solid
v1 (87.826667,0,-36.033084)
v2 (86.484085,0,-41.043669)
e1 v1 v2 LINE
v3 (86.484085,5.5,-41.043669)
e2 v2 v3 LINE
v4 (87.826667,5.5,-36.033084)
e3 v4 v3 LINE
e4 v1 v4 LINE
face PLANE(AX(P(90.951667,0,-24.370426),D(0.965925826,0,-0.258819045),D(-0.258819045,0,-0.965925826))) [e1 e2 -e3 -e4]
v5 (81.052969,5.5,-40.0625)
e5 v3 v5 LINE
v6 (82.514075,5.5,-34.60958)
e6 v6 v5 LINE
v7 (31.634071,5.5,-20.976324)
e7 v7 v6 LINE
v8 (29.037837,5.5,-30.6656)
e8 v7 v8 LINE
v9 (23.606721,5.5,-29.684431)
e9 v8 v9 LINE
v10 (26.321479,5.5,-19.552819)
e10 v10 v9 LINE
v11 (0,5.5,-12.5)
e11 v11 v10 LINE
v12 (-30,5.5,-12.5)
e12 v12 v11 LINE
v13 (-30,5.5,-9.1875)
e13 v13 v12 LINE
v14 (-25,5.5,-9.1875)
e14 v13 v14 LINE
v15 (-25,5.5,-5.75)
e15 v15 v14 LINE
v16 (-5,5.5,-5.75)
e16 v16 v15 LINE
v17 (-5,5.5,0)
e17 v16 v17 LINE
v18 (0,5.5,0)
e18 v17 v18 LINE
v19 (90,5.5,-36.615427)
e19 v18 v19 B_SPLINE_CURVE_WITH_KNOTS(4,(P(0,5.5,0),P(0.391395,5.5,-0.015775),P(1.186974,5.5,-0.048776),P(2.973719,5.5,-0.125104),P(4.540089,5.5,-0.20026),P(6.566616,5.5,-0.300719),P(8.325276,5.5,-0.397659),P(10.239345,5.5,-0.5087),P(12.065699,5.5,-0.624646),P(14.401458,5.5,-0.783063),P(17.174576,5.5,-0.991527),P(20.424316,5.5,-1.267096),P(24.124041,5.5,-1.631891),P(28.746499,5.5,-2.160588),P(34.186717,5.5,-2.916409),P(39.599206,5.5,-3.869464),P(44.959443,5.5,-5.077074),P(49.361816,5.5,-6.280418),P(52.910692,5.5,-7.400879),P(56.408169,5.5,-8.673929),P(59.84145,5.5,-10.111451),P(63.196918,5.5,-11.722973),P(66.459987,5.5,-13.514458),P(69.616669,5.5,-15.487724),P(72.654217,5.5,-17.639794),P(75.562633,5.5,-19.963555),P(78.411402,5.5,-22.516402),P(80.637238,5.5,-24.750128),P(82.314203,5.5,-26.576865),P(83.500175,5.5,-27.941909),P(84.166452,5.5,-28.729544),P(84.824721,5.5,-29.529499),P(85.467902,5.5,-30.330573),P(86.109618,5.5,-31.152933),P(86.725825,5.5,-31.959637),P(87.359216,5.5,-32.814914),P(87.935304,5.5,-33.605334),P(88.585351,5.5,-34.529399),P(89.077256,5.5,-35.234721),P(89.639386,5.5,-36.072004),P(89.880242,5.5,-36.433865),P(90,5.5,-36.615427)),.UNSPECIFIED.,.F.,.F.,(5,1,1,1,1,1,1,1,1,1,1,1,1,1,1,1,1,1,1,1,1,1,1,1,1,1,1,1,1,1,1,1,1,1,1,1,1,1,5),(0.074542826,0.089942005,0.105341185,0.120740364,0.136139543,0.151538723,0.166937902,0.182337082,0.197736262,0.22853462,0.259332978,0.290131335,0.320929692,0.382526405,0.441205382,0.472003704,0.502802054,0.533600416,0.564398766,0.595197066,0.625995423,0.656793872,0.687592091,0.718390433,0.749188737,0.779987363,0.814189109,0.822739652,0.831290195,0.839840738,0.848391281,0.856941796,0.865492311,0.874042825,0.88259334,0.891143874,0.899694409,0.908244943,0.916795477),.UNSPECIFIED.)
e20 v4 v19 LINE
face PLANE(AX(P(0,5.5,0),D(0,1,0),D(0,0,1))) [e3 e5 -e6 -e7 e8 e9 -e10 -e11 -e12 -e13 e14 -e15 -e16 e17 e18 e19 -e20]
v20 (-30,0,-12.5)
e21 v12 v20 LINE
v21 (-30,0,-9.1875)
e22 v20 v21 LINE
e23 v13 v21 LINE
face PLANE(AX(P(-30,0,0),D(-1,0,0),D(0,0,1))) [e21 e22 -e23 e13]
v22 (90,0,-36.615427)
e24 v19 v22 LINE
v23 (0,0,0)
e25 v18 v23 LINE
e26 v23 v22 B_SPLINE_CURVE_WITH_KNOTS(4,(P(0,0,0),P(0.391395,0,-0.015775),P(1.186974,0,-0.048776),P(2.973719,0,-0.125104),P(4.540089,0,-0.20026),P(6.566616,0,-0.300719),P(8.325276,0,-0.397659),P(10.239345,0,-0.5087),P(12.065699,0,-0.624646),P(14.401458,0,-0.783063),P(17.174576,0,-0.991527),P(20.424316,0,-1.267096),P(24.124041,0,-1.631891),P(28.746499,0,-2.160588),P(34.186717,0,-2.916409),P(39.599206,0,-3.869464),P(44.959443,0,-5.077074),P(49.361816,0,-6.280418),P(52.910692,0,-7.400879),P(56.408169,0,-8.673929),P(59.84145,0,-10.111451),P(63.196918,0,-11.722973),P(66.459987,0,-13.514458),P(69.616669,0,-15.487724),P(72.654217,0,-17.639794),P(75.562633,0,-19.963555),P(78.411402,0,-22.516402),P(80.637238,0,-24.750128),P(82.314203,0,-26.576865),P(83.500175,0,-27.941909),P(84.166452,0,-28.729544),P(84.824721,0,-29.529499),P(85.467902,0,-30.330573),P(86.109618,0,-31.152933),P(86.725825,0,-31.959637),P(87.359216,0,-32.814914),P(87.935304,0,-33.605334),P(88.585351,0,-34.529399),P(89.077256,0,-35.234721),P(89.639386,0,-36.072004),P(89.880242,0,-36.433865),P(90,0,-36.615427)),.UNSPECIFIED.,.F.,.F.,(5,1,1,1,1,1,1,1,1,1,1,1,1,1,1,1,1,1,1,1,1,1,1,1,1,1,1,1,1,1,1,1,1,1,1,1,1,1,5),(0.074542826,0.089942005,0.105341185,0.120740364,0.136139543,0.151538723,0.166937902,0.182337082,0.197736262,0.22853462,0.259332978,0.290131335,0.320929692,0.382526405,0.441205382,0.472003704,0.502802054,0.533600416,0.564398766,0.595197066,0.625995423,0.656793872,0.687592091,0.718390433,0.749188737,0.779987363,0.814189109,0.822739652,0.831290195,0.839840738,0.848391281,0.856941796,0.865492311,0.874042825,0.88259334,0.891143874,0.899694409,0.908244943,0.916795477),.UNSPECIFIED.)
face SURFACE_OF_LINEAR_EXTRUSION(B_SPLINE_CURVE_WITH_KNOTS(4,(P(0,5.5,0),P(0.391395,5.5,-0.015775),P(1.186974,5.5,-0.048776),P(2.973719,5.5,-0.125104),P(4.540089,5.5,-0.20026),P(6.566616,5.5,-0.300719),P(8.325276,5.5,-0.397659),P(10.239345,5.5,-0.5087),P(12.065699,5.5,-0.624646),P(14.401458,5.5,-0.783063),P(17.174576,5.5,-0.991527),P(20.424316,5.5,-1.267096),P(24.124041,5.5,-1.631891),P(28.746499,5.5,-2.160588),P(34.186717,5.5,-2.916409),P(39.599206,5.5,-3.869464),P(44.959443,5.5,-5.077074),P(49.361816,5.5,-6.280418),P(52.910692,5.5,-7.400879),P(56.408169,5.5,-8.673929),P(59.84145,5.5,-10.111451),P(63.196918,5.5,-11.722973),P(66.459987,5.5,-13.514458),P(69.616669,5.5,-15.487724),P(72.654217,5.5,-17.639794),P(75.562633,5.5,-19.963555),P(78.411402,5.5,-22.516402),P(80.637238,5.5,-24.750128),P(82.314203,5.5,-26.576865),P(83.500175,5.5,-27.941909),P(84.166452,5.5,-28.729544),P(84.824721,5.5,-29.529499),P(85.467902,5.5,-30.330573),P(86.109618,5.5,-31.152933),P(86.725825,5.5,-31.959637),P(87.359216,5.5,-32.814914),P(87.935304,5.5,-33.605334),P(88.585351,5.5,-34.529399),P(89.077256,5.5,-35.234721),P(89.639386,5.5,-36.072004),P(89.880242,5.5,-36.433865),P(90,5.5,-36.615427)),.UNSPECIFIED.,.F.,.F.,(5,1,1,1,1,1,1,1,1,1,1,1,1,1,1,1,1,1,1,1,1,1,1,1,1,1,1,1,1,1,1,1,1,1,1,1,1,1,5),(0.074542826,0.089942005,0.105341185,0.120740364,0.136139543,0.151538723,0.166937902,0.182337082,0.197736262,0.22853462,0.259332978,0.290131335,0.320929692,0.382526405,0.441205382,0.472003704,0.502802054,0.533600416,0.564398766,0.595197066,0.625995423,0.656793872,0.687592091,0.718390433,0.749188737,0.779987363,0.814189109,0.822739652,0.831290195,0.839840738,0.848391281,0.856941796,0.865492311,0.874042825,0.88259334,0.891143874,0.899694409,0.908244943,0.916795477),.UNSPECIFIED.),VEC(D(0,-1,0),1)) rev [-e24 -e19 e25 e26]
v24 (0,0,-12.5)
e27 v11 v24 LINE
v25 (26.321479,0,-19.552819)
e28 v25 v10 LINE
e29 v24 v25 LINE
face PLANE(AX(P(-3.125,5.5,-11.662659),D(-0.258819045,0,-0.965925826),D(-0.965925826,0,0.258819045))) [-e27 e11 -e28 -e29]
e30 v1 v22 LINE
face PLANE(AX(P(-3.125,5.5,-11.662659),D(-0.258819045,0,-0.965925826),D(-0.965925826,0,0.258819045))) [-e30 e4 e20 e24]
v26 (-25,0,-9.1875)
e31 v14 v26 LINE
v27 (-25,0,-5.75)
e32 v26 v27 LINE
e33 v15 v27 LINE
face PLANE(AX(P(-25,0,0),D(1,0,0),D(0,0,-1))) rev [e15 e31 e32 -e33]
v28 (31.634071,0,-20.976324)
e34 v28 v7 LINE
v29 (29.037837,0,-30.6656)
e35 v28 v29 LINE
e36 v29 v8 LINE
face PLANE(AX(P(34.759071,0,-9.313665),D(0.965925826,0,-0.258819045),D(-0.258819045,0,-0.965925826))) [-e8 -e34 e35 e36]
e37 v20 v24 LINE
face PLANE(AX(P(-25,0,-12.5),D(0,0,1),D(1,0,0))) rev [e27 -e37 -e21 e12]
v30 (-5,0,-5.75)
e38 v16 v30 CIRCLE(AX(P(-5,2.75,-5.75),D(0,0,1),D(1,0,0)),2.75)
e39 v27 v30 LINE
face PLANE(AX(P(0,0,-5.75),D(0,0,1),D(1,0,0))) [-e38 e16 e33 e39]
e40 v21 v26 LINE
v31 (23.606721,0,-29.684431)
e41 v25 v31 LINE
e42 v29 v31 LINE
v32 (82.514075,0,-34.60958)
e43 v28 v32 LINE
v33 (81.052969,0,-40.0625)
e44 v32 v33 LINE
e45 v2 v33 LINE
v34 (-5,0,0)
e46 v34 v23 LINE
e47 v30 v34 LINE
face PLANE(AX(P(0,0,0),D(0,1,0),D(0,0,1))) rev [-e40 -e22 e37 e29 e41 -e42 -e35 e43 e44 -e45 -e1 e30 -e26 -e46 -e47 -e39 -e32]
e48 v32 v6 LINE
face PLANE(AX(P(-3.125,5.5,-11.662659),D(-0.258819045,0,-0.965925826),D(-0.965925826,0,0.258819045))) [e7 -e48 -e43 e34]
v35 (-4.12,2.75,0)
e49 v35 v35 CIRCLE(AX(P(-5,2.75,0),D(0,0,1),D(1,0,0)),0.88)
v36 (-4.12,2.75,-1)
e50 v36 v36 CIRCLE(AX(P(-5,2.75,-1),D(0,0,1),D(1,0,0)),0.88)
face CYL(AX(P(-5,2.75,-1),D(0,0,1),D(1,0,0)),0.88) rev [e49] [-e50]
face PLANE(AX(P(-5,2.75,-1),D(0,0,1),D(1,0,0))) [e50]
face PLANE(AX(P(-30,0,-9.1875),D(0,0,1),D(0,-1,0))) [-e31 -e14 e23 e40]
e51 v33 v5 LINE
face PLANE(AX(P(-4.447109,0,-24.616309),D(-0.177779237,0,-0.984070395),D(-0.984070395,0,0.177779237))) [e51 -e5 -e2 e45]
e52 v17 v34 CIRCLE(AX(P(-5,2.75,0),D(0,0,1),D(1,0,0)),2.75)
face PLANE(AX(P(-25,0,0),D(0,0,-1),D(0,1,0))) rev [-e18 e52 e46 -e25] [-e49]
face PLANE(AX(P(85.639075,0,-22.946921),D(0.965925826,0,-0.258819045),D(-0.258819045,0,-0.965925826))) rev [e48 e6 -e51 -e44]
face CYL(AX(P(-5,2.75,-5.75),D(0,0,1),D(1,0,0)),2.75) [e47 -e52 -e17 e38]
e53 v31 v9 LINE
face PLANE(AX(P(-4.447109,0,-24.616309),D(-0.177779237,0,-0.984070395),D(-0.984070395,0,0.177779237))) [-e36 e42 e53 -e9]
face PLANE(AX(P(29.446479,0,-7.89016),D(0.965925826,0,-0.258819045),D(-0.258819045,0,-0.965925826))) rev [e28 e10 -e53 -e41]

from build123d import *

# Parameters (mm, degrees)
SALIENTE_EXTRUIR1_DEPTH = 5.5
CROQUIS3_W              = 12.5
CROQUIS3_H              = 5.5
SALIENTE_EXTRUIR2_DEPTH = 25
CROQUIS6_R              = 0.88
CORTAR_EXTRUIR3_DEPTH   = 1
CORTAR_EXTRUIR4_DEPTH   = 5.75
CROQUIS7_W              = 3.3125
CROQUIS7_H              = 5.5
SALIENTE_EXTRUIR3_DEPTH = 5
SALIENTE_EXTRUIR6_DEPTH = 5.5


with BuildPart() as part:
    # Croquis2 → Saliente-Extruir1 (new body)
    with BuildSketch(Plane(origin=(0, 0, 0), x_dir=(1, 0, 0), z_dir=(0, 1, 0))):
        with BuildLine():
            Line((0, 0), (0, 12.5))
            Line((0, 12.5), (90, 36.615427319))
            add(Edge.make_bspline(
                [(0, 0), (0.391394635, 0.015775005), (1.186974035, 0.048775969), (2.973718865, 0.125104104), (4.540088904, 0.200260299), (6.566615662, 0.300718996), (8.325276336, 0.397659311), (10.239345298, 0.508699867), (12.06569896, 0.624646025), (14.401457649, 0.783062706), (17.174575564, 0.991527453), (20.424315772, 1.267095632), (24.124041131, 1.631890725), (28.746499447, 2.160588299), (34.186717026, 2.916408992), (39.59920567, 3.869463595), (44.959442778, 5.077074293), (49.361815827, 6.280418231), (52.910692092, 7.400878923), (56.408168852, 8.673928793), (59.841449897, 10.111450972), (63.196917977, 11.722972852), (66.459987179, 13.514457641), (69.616669404, 15.487724177), (72.654216734, 17.639793831), (75.562633469, 19.963554552), (78.411401775, 22.516402339), (80.637238299, 24.750127709), (82.31420302, 26.576865179), (83.500174761, 27.941909388), (84.166451521, 28.729544399), (84.824720597, 29.529498585), (85.467901785, 30.330572576), (86.10961807, 31.152932899), (86.725824802, 31.959637263), (87.359215775, 32.814913902), (87.935303716, 33.605334305), (88.585351463, 34.5293994), (89.07725637, 35.234721433), (89.639386065, 36.072003958), (89.880241627, 36.43386466), (90, 36.615427319)],
                knots=[0.074542826, 0.074542826, 0.074542826, 0.074542826, 0.074542826, 0.089942005, 0.105341185, 0.120740364, 0.136139543, 0.151538723, 0.166937902, 0.182337082, 0.197736262, 0.22853462, 0.259332978, 0.290131335, 0.320929692, 0.382526405, 0.441205382, 0.472003704, 0.502802054, 0.533600416, 0.564398766, 0.595197066, 0.625995423, 0.656793872, 0.687592091, 0.718390433, 0.749188737, 0.779987363, 0.814189109, 0.822739652, 0.831290195, 0.839840738, 0.848391281, 0.856941796, 0.865492311, 0.874042825, 0.88259334, 0.891143874, 0.899694409, 0.908244943, 0.916795477, 0.916795477, 0.916795477, 0.916795477, 0.916795477], degree=4))
        make_face()
    extrude(amount=SALIENTE_EXTRUIR1_DEPTH)

    # Croquis3 → Saliente-Extruir2 (add)
    with BuildSketch(Plane.ZY):
        with Locations((-6.25, 2.75)):
            Rectangle(CROQUIS3_W, CROQUIS3_H)
    extrude(amount=SALIENTE_EXTRUIR2_DEPTH)

    # Croquis6 → Cortar-Extruir3 (cut)
    with BuildSketch(Plane.XY):
        with Locations((-5, 2.75)):
            Circle(CROQUIS6_R)
    extrude(amount=-CORTAR_EXTRUIR3_DEPTH, mode=Mode.SUBTRACT)

    # Croquis5 → Cortar-Extruir4 (cut)
    with BuildSketch(Plane.XY):
        with BuildLine():
            Line((-25, 5.5), (-25, 0))
            Line((-25, 0), (-5.000000004, 0))
            ThreePointArc((-5.000000004, 0), (-7.75, 2.750000002), (-5, 5.5))
            Line((-5, 5.5), (-25, 5.5))
        make_face()
    extrude(amount=-CORTAR_EXTRUIR4_DEPTH, mode=Mode.SUBTRACT)

    # Croquis7 → Saliente-Extruir3 (add)
    with BuildSketch(Plane.ZY.offset(25)):
        with Locations((-10.84375, 2.75)):
            Rectangle(CROQUIS7_W, CROQUIS7_H)
    extrude(amount=SALIENTE_EXTRUIR3_DEPTH)

    # Croquis10 → Saliente-Extruir6 (add)
    with BuildSketch(Plane(origin=(0, 5.5, 0), x_dir=(1, 0, 0), z_dir=(0, 1, 0))):
        Polygon((23.606721454, 29.684431199), (26.321478766, 19.552818979), (31.634070811, 20.976323727), (29.03783695, 30.665600406), align=None)
        Polygon((81.052969303, 40.062499841), (82.514074846, 34.60957972), (87.826666891, 36.033084468), (86.484084799, 41.043669048), align=None)
    extrude(amount=-SALIENTE_EXTRUIR6_DEPTH)


solid = part.part
